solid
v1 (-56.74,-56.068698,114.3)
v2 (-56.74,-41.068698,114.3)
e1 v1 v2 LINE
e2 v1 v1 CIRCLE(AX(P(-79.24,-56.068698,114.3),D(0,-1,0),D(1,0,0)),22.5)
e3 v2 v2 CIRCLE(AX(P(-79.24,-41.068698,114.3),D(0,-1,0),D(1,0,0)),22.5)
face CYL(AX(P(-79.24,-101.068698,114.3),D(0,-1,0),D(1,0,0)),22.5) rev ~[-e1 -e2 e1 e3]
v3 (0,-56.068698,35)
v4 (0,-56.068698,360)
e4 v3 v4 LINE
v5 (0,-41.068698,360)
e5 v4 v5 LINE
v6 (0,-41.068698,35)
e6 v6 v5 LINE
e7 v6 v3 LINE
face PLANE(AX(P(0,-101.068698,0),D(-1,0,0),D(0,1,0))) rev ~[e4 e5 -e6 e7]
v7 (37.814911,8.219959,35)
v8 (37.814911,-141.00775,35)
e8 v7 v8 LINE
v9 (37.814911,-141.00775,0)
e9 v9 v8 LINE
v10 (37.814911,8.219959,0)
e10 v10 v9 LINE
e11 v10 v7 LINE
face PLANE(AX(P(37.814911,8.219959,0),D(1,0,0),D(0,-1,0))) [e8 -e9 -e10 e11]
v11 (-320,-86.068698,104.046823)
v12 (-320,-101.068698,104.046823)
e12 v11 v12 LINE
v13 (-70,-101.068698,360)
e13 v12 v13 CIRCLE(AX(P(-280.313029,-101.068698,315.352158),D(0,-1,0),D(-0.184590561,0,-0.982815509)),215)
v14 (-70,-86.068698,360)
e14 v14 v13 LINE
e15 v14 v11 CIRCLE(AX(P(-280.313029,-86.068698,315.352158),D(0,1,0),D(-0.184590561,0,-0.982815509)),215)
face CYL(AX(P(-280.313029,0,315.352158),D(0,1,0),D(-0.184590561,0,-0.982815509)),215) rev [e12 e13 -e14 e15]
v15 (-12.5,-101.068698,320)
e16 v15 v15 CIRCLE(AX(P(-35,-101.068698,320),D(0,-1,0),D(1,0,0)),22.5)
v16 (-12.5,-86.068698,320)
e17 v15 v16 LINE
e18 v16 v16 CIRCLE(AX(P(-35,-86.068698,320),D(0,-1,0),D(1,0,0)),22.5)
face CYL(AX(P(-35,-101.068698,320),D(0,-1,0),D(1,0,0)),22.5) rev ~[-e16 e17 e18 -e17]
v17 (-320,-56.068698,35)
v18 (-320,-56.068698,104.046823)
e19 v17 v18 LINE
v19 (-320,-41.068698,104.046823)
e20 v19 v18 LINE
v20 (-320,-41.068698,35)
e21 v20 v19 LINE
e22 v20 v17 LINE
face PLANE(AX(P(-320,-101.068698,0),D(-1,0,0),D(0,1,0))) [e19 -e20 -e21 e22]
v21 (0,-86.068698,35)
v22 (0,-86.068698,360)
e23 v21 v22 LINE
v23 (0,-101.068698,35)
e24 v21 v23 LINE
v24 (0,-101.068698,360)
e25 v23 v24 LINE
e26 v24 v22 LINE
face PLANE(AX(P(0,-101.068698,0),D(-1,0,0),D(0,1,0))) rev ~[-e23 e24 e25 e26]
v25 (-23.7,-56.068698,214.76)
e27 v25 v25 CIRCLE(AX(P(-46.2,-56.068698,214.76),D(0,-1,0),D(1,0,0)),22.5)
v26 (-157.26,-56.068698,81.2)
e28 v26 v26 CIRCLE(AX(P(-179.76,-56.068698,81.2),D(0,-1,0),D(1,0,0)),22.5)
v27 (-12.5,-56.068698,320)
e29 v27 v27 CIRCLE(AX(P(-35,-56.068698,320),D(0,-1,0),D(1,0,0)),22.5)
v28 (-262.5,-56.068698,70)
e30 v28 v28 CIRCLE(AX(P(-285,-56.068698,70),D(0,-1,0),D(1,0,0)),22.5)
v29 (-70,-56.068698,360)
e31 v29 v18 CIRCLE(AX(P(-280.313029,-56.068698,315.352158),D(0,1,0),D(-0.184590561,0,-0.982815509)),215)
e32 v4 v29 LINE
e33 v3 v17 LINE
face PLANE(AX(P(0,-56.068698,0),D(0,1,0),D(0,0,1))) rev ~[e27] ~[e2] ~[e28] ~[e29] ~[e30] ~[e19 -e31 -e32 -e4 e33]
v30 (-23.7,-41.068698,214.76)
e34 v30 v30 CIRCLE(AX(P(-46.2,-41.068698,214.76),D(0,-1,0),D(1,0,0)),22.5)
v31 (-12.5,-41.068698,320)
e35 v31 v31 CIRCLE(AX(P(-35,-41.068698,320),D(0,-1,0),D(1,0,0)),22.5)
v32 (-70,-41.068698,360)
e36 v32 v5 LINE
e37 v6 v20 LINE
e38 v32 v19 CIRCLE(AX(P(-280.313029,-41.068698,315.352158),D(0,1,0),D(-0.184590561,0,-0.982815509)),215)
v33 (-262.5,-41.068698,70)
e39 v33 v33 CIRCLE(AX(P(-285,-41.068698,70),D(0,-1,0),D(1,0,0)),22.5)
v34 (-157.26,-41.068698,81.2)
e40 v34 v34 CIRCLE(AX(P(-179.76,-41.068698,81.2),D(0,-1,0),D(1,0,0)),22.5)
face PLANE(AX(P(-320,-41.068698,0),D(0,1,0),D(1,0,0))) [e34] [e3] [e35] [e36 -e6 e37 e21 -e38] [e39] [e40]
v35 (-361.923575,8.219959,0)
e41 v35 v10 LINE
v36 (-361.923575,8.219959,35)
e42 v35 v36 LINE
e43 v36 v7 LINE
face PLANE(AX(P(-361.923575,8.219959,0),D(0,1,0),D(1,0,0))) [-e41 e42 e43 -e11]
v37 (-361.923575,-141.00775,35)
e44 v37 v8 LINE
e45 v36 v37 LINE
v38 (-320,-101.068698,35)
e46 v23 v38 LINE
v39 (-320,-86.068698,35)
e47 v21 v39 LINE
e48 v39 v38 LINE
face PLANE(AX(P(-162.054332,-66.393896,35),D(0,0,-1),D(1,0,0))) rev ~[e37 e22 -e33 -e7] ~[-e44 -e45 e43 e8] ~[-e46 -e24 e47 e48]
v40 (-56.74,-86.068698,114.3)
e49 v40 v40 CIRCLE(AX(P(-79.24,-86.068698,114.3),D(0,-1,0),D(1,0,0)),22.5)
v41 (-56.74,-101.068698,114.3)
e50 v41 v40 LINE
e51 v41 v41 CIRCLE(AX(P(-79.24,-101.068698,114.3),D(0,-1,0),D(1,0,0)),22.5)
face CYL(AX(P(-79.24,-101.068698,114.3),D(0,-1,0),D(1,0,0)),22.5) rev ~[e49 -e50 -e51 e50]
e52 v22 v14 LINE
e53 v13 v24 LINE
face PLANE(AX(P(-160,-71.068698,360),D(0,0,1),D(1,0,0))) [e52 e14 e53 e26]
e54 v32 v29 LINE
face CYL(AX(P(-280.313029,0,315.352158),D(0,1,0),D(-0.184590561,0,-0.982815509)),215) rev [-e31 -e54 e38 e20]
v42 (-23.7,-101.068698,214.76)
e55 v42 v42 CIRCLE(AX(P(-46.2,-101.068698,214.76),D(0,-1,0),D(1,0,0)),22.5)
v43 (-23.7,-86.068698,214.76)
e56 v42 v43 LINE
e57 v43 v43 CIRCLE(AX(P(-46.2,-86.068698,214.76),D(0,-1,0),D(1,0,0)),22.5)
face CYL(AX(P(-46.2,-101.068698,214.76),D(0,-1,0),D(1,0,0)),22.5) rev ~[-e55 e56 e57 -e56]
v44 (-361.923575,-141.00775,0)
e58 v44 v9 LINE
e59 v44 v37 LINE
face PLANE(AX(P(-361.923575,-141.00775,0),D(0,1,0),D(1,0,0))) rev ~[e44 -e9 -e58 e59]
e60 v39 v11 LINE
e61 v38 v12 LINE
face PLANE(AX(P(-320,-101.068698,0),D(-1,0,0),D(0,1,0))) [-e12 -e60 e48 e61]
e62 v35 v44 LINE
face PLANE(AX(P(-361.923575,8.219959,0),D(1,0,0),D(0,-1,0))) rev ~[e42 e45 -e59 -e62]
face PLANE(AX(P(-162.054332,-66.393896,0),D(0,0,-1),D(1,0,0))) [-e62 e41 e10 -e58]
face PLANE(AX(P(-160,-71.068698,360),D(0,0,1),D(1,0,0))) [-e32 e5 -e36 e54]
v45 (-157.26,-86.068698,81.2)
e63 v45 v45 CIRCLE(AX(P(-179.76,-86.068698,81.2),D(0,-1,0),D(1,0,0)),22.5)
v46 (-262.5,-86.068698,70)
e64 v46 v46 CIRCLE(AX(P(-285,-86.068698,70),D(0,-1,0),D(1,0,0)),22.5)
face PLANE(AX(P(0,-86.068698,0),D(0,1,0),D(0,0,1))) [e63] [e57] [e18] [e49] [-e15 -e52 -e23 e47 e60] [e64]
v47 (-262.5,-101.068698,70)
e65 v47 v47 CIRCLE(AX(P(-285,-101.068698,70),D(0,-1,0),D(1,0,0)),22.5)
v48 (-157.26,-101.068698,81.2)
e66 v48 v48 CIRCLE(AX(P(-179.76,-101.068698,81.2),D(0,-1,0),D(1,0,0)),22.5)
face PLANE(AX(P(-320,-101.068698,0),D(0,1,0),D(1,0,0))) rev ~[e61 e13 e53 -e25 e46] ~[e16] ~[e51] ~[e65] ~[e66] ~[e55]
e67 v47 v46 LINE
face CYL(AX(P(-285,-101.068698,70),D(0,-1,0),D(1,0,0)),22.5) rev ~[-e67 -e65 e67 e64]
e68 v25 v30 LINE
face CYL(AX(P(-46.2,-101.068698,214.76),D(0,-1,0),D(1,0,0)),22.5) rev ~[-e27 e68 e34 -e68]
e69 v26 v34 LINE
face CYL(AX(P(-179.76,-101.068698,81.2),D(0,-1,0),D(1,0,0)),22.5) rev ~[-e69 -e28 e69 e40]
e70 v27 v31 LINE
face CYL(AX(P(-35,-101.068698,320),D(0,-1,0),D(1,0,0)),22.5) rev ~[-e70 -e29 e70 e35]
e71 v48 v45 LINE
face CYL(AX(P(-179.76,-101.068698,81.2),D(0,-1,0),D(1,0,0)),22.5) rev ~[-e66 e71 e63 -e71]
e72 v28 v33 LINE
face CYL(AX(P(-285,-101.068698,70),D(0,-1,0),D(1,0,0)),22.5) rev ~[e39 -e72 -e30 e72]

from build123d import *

# Parameters (mm, degrees)
F0_W     = 320
F0_H     = 60
F1_DEPTH = 360
F2_R     = 22.5
F3_DEPTH = 60
F5_DEPTH = 101.068698
F6_W     = 30
F6_H     = 360
F7_DEPTH = 320
F8_W     = 399.738486
F8_H     = 149.227709
F9_DEPTH = 35


with BuildPart() as f1:
    # F0 (on Top) → F1 (new body)
    with BuildSketch(Plane.XY):
        with Locations((-160, -71.068698)):
            Rectangle(F0_W, F0_H)
    extrude(amount=F1_DEPTH)

    # F2 (on face) → F3 (cut, through all)
    with BuildSketch(Plane.XZ.offset(101.068698)):
        with Locations((-35, 320)):
            Circle(F2_R)
        with Locations((-285, 70)):
            Circle(F2_R)
        with Locations((-179.76, 81.2)):
            Circle(F2_R)
        with Locations((-79.24, 114.3)):
            Circle(F2_R)
        with Locations((-46.2, 214.76)):
            Circle(F2_R)
    extrude(amount=-F3_DEPTH, mode=Mode.SUBTRACT)

    # F4 (on Front) → F5 (cut, through all)
    with BuildSketch(Plane.XZ):
        with BuildLine():
            Line((-320, 360), (-320, 104.046823))
            ThreePointArc((-320, 104.046823), (-126.506917, 165.123399), (-70, 360))
            Line((-70, 360), (-320, 360))
        make_face()
    extrude(amount=F5_DEPTH, mode=Mode.SUBTRACT)

    # F6 (on Right) → F7 (cut, through all)
    with BuildSketch(Plane.YZ):
        with Locations((-71.068698, 180)):
            Rectangle(F6_W, F6_H)
    extrude(amount=-F7_DEPTH, mode=Mode.SUBTRACT)

    # F8 (on face) → F9 (join)
    with BuildSketch(Plane(origin=(0, 0, 0), x_dir=(1, 0, 0), z_dir=(0, 0, -1))):
        with Locations((-162.054332, 66.393896)):
            Rectangle(F8_W, F8_H)
    extrude(amount=-F9_DEPTH)


solid = f1.part
